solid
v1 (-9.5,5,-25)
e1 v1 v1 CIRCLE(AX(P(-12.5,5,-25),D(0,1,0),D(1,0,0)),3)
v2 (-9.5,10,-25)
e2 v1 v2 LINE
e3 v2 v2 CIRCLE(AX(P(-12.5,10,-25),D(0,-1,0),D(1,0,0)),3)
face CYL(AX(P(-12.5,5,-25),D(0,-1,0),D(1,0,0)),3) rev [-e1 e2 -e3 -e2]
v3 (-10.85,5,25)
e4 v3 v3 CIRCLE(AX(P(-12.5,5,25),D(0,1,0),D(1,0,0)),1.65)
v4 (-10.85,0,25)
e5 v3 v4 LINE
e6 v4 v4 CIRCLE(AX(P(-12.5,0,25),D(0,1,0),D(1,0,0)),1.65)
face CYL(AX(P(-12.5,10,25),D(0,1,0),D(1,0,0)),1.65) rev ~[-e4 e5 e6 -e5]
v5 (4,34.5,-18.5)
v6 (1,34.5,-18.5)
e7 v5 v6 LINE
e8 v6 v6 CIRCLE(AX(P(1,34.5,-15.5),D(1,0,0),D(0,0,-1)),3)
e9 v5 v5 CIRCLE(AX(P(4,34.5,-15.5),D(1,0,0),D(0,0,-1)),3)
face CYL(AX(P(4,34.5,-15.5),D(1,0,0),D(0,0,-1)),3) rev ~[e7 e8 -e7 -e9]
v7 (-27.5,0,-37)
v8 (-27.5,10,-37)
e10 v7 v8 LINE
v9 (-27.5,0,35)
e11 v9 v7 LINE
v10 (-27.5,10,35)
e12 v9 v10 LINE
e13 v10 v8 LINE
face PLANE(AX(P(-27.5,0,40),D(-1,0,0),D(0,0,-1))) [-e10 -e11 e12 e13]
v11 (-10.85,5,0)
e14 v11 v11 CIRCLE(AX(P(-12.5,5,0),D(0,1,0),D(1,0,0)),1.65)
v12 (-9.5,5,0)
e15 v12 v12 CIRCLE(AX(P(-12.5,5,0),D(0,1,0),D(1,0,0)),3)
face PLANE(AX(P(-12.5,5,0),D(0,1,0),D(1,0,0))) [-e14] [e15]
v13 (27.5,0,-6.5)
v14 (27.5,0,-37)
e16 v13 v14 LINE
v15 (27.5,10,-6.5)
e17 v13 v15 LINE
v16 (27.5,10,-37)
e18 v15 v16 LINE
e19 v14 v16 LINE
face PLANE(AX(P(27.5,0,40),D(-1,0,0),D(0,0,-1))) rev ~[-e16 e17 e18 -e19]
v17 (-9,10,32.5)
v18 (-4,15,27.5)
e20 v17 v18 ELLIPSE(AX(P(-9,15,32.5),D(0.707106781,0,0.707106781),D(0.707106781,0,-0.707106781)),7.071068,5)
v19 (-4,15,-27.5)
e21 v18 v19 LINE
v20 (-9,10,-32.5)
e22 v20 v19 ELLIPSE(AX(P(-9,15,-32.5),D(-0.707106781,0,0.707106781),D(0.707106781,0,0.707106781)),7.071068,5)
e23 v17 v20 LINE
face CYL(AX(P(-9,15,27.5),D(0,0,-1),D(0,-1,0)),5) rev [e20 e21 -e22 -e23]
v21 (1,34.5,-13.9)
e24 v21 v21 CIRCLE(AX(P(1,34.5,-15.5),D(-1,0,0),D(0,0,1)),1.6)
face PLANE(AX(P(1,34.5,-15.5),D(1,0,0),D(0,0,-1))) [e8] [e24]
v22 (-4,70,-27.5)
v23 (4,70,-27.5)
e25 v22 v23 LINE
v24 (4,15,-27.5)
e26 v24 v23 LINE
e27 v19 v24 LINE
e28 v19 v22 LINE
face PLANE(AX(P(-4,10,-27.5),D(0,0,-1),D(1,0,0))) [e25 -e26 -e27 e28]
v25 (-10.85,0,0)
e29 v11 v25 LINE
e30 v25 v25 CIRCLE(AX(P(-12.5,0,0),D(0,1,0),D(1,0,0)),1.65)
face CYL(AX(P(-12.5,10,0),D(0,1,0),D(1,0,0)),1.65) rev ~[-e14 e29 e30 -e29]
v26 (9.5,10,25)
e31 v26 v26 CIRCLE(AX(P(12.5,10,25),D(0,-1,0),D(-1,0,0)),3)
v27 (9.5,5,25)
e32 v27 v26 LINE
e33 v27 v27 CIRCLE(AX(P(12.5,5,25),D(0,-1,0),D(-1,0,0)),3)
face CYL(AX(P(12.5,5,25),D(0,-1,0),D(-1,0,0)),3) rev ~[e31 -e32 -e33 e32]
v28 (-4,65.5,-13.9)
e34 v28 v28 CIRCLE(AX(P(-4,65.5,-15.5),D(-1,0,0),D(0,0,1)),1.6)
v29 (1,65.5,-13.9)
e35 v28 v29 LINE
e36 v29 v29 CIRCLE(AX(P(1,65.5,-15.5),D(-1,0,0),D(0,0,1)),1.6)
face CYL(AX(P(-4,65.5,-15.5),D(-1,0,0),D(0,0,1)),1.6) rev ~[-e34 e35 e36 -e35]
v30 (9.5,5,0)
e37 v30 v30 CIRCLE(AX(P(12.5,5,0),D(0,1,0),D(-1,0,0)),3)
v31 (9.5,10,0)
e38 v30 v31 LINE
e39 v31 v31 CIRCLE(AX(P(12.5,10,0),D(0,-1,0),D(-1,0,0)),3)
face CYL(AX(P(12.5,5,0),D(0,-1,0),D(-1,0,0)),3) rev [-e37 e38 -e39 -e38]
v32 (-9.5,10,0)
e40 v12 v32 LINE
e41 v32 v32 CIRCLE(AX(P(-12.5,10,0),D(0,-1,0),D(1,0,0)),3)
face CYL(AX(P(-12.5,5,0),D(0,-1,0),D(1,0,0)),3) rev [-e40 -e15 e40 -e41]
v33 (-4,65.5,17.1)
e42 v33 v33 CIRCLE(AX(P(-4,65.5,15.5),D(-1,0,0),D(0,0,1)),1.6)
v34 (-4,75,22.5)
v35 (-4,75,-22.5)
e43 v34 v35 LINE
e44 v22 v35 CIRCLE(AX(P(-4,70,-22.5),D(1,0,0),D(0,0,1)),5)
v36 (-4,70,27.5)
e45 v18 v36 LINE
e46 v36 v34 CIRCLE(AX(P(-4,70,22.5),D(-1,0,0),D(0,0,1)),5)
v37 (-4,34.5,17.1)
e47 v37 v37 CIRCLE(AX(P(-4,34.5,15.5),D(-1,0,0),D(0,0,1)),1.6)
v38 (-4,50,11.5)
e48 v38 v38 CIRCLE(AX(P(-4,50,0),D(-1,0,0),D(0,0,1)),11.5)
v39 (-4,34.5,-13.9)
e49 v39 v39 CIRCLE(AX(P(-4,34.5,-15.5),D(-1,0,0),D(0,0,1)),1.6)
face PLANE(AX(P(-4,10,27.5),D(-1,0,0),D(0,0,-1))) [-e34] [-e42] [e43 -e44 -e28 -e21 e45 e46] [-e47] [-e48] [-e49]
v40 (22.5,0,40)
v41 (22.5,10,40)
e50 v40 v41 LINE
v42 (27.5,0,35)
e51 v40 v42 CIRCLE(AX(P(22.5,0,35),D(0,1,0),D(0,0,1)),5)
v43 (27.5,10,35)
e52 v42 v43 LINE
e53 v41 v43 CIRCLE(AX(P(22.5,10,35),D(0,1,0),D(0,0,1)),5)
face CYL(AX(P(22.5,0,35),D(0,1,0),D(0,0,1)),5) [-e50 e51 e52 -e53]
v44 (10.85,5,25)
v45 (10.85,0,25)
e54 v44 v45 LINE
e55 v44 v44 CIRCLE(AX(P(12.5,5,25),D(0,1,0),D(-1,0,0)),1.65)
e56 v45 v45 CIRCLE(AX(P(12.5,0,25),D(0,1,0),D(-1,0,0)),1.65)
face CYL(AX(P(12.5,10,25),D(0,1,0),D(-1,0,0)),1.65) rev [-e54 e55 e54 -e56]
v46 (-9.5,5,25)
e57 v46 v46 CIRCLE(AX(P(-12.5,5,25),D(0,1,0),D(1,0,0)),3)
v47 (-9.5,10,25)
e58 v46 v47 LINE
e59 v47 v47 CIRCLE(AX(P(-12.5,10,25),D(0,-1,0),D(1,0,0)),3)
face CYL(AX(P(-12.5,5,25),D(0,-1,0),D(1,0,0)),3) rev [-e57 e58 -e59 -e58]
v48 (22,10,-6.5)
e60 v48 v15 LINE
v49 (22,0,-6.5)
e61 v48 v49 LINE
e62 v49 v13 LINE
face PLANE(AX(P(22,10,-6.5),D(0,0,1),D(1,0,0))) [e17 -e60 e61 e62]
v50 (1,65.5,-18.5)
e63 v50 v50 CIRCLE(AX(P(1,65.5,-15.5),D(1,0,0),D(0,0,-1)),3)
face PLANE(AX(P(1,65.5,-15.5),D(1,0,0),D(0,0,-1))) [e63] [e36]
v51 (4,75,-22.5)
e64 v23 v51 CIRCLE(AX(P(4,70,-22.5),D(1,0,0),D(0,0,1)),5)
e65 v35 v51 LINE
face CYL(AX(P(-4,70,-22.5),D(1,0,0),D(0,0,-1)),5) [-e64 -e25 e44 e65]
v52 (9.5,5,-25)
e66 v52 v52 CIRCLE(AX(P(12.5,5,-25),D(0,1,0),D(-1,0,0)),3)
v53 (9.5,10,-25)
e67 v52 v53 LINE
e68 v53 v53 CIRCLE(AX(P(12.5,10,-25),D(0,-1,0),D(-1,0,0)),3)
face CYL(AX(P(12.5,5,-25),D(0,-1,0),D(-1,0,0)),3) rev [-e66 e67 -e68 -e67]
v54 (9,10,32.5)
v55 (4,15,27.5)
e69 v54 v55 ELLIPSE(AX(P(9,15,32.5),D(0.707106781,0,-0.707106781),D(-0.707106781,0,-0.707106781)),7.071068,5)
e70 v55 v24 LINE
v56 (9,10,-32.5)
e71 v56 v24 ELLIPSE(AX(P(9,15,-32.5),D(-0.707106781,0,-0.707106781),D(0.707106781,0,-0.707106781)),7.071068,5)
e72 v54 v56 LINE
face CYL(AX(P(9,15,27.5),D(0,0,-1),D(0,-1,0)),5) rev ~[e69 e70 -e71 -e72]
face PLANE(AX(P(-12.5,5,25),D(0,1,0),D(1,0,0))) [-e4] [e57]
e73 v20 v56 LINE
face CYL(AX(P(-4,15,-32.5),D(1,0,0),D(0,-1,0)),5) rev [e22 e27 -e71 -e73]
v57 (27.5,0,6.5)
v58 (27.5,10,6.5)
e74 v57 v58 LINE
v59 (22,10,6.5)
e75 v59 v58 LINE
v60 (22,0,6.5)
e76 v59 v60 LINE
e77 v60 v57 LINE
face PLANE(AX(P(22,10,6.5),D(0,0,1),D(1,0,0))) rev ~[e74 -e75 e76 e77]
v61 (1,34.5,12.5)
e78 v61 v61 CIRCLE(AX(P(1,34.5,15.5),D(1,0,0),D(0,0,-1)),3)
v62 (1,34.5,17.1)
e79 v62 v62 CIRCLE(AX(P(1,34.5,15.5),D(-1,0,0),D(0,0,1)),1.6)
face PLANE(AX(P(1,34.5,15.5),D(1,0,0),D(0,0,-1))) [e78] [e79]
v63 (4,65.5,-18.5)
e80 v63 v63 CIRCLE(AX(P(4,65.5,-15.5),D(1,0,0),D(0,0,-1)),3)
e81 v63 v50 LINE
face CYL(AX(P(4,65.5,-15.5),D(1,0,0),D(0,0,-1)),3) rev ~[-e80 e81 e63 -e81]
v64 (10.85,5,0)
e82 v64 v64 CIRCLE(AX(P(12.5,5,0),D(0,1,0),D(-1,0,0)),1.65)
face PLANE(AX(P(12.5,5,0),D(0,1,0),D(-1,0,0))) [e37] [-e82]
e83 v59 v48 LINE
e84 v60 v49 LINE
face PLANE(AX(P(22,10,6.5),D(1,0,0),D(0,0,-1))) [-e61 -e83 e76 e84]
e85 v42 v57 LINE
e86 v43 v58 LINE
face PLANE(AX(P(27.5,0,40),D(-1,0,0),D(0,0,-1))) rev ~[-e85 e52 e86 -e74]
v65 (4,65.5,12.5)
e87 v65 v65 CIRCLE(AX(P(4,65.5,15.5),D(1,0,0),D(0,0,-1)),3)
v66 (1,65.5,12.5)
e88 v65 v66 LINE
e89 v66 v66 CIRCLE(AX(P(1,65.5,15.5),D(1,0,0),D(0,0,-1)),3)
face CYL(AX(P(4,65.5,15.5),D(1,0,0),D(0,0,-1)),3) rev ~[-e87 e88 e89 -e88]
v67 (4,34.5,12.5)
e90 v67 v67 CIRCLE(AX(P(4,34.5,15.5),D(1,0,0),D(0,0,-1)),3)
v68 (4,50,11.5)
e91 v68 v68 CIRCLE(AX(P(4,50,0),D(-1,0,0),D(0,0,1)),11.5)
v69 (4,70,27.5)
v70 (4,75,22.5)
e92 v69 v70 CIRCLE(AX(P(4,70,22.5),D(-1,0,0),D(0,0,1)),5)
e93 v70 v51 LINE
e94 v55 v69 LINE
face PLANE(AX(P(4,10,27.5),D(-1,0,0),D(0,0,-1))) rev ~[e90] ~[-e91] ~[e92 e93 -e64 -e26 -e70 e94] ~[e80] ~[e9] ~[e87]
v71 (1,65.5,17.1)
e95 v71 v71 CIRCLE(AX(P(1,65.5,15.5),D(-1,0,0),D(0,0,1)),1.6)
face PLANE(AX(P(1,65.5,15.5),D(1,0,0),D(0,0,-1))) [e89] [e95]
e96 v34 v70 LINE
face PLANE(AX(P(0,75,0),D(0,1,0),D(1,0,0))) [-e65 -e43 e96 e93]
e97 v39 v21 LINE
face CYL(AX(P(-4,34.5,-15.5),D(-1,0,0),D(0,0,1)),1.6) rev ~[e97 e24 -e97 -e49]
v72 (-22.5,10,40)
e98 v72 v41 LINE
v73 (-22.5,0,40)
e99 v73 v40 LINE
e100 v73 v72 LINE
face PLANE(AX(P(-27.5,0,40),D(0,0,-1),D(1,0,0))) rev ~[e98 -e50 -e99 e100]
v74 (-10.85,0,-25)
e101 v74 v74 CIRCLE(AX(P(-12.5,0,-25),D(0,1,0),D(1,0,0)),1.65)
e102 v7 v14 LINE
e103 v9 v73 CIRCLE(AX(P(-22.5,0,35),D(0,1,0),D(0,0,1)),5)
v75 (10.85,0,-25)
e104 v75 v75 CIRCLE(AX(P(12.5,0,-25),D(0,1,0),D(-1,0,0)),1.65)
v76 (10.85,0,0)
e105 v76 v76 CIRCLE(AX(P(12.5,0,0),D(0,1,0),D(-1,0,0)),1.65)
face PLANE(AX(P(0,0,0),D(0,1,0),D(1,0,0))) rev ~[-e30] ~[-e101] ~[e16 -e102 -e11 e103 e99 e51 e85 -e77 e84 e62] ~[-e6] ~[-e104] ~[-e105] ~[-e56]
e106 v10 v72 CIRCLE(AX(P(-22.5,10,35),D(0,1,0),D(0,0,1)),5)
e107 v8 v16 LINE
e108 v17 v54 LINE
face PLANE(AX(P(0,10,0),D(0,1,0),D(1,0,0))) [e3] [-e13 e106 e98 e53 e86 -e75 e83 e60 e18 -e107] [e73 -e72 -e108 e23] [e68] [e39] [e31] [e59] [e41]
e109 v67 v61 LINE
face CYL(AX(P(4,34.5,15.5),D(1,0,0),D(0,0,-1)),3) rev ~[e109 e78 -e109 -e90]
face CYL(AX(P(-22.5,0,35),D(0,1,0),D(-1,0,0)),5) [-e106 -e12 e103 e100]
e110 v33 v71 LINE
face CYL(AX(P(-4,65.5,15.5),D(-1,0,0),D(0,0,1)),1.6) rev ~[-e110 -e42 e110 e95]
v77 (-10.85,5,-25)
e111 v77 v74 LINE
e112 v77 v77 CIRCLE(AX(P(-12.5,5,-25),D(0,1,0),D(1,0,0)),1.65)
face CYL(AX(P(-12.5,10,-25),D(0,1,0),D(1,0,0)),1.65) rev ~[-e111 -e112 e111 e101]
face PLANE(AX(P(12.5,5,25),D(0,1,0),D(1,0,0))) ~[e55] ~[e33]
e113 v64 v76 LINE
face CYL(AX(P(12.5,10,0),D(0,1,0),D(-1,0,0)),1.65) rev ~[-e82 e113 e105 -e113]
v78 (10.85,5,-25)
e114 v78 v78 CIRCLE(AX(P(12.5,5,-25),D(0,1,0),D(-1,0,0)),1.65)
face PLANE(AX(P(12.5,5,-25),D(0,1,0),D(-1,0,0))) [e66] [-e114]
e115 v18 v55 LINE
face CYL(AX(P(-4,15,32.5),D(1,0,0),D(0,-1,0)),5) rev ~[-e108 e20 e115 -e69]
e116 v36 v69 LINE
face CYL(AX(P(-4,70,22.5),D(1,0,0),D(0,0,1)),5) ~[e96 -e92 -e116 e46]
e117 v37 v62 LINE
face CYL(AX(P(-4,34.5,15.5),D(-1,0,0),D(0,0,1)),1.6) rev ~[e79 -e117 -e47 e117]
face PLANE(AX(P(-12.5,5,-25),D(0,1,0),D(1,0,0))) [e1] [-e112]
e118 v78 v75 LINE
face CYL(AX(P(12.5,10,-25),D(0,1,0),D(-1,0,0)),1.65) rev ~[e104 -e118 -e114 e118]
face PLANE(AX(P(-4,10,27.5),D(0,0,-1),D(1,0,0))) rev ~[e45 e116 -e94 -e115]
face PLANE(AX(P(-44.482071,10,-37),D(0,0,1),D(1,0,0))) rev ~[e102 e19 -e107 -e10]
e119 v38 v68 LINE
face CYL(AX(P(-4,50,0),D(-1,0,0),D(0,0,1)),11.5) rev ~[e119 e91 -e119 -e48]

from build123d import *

# Parameters (mm, degrees)
SKETCH1_W               = 55
SKETCH1_H               = 80
BOSS_EXTRUDE1_DEPTH     = 10
SKETCH6_R               = 1.65
CUT_EXTRUDE2_DEPTH      = 55
LPATTERN1_COUNT         = 3
LPATTERN1_PITCH         = 25
MIRROR3_COPY_1_SKETCH_R = 1.65
MIRROR3_COPY_1_DEPTH    = 55
MIRROR3_COPY_2_SKETCH_R = 1.65
MIRROR3_COPY_2_DEPTH    = 55
SKETCH8_W               = 8
SKETCH8_H               = 55
BOSS_EXTRUDE3_DEPTH     = 65
FILLET3_R               = 5
SKETCH9_R               = 1.6
SKETCH9_R_2             = 11.5
CUT_EXTRUDE3_DEPTH      = 32.5
SKETCH10_R              = 3
CUT_EXTRUDE4_DEPTH      = 3
CUT_EXTRUDE5_START      = -5
SKETCH11_R              = 3
CUT_EXTRUDE5_DEPTH      = 71
LPATTERN2_COUNT         = 3
LPATTERN2_PITCH         = 25
MIRROR4_START           = -5
MIRROR4_COPY_1_SKETCH_R = 3
MIRROR4_COPY_1_DEPTH    = 71
MIRROR4_COPY_2_SKETCH_R = 3
MIRROR4_COPY_2_DEPTH    = 71
SKETCH12_W              = 11
SKETCH12_H              = 13
CUT_EXTRUDE6_DEPTH      = 11
CUT_EXTRUDE7_DEPTH      = 10


with BuildPart() as part:
    # Sketch1 → Boss-Extrude1 (new body)
    with BuildSketch(Plane(origin=(0, 0, 0), x_dir=(1, 0, 0), z_dir=(0, 1, 0))):
        Rectangle(SKETCH1_W, SKETCH1_H)
    extrude(amount=BOSS_EXTRUDE1_DEPTH)

    # Sketch6 → Cut-Extrude2 (cut)
    with BuildSketch(Plane(origin=(0, 10, 0), x_dir=(1, 0, 0), z_dir=(0, 1, 0))):
        with Locations((-12.5, -25)):
            Circle(SKETCH6_R)
    cut_extrude2 = extrude(amount=-CUT_EXTRUDE2_DEPTH, mode=Mode.SUBTRACT)

    # LPattern1: Cut-Extrude2 ×3
    with Locations(*[(0, 0, -i * LPATTERN1_PITCH) for i in range(1, LPATTERN1_COUNT)]):
        add(cut_extrude2, mode=Mode.SUBTRACT)

    # Mirror3: Cut-Extrude2 across plane
    add(cut_extrude2.mirror(Plane(origin=(0, 0, 0), x_dir=(0, 0, 1), z_dir=(1, 0, 0))), mode=Mode.SUBTRACT)

    # Mirror3 copy 1 sketch → Mirror3 copy 1 (cut)
    with BuildSketch(Plane(origin=(0, 10, -25), x_dir=(-1, 0, 0), z_dir=(0, 1, 0))):
        with Locations((-12.5, 25)):
            Circle(MIRROR3_COPY_1_SKETCH_R)
    extrude(amount=-MIRROR3_COPY_1_DEPTH, mode=Mode.SUBTRACT)

    # Mirror3 copy 2 sketch → Mirror3 copy 2 (cut)
    with BuildSketch(Plane(origin=(0, 10, -50), x_dir=(-1, 0, 0), z_dir=(0, 1, 0))):
        with Locations((-12.5, 25)):
            Circle(MIRROR3_COPY_2_SKETCH_R)
    extrude(amount=-MIRROR3_COPY_2_DEPTH, mode=Mode.SUBTRACT)

    # Sketch8 → Boss-Extrude3 (add)
    with BuildSketch(Plane(origin=(0, 10, 0), x_dir=(1, 0, 0), z_dir=(0, 1, 0))):
        Rectangle(SKETCH8_W, SKETCH8_H)
    extrude(amount=BOSS_EXTRUDE3_DEPTH)

    # Fillet3
    fillet3_edges = [part.edges().sort_by_distance(p)[0] for p in [
        (4, 10, 0),
        (0, 10, -27.5),
        (-4, 10, 0),
        (0, 10, 27.5),
        (0, 75, -27.5),
        (0, 75, 27.5),
        (27.5, 5, 40),
        (-27.5, 5, 40),
    ]]
    fillet(fillet3_edges, radius=FILLET3_R)

    # Sketch9 → Cut-Extrude3 (cut, through all)
    with BuildSketch(Plane.ZY.offset(4)):
        with Locations((-15.5, 65.5)):
            Circle(SKETCH9_R)
        with Locations((15.5, 65.5)):
            Circle(SKETCH9_R)
        with Locations((-15.5, 34.5)):
            Circle(SKETCH9_R)
        with Locations((15.5, 34.5)):
            Circle(SKETCH9_R)
        with Locations((0, 50)):
            Circle(SKETCH9_R_2)
    extrude(amount=-CUT_EXTRUDE3_DEPTH, mode=Mode.SUBTRACT)

    # Sketch10 → Cut-Extrude4 (cut)
    with BuildSketch(Plane(origin=(4, 0, 0), x_dir=(0, 0, -1), z_dir=(1, 0, 0))):
        with Locations((-15.5, 65.5)):
            Circle(SKETCH10_R)
        with Locations((15.5, 65.5)):
            Circle(SKETCH10_R)
        with Locations((15.5, 34.5)):
            Circle(SKETCH10_R)
        with Locations((-15.5, 34.5)):
            Circle(SKETCH10_R)
    extrude(amount=-CUT_EXTRUDE4_DEPTH, mode=Mode.SUBTRACT)

    # Sketch11 → Cut-Extrude5 (cut)
    with BuildSketch(Plane(origin=(0, 10, 0), x_dir=(1, 0, 0), z_dir=(0, 1, 0)).offset(CUT_EXTRUDE5_START)):
        with Locations((-12.5, -25)):
            Circle(SKETCH11_R)
    cut_extrude5 = extrude(amount=CUT_EXTRUDE5_DEPTH, mode=Mode.SUBTRACT)

    # LPattern2: Cut-Extrude5 ×3
    with Locations(*[(0, 0, -i * LPATTERN2_PITCH) for i in range(1, LPATTERN2_COUNT)]):
        add(cut_extrude5, mode=Mode.SUBTRACT)

    # Mirror4: Cut-Extrude5 across plane
    add(cut_extrude5.mirror(Plane(origin=(0, 0, 0), x_dir=(0, 0, 1), z_dir=(1, 0, 0))), mode=Mode.SUBTRACT)

    # Mirror4 copy 1 sketch → Mirror4 copy 1 (cut)
    with BuildSketch(Plane(origin=(0, 10, -25), x_dir=(-1, 0, 0), z_dir=(0, 1, 0)).offset(MIRROR4_START)):
        with Locations((-12.5, 25)):
            Circle(MIRROR4_COPY_1_SKETCH_R)
    extrude(amount=MIRROR4_COPY_1_DEPTH, mode=Mode.SUBTRACT)

    # Mirror4 copy 2 sketch → Mirror4 copy 2 (cut)
    with BuildSketch(Plane(origin=(0, 10, -50), x_dir=(-1, 0, 0), z_dir=(0, 1, 0)).offset(MIRROR4_START)):
        with Locations((-12.5, 25)):
            Circle(MIRROR4_COPY_2_SKETCH_R)
    extrude(amount=MIRROR4_COPY_2_DEPTH, mode=Mode.SUBTRACT)

    # Sketch12 → Cut-Extrude6 (cut, through all)
    with BuildSketch(Plane(origin=(0, 10, 0), x_dir=(1, 0, 0), z_dir=(0, 1, 0))):
        with Locations((27.5, 0)):
            Rectangle(SKETCH12_W, SKETCH12_H)
    extrude(amount=-CUT_EXTRUDE6_DEPTH, mode=Mode.SUBTRACT)

    # Sketch13 → Cut-Extrude7 (cut)
    with BuildSketch(Plane(origin=(0, 10, 0), x_dir=(1, 0, 0), z_dir=(0, 1, 0))):
        Polygon((-12.5, 37), (34.859752384, 37), (34.859752384, 45.853513443), (-44.482070636, 45.853513443), (-44.482070636, 37), align=None)
    extrude(amount=-CUT_EXTRUDE7_DEPTH, mode=Mode.SUBTRACT)


solid = part.part
